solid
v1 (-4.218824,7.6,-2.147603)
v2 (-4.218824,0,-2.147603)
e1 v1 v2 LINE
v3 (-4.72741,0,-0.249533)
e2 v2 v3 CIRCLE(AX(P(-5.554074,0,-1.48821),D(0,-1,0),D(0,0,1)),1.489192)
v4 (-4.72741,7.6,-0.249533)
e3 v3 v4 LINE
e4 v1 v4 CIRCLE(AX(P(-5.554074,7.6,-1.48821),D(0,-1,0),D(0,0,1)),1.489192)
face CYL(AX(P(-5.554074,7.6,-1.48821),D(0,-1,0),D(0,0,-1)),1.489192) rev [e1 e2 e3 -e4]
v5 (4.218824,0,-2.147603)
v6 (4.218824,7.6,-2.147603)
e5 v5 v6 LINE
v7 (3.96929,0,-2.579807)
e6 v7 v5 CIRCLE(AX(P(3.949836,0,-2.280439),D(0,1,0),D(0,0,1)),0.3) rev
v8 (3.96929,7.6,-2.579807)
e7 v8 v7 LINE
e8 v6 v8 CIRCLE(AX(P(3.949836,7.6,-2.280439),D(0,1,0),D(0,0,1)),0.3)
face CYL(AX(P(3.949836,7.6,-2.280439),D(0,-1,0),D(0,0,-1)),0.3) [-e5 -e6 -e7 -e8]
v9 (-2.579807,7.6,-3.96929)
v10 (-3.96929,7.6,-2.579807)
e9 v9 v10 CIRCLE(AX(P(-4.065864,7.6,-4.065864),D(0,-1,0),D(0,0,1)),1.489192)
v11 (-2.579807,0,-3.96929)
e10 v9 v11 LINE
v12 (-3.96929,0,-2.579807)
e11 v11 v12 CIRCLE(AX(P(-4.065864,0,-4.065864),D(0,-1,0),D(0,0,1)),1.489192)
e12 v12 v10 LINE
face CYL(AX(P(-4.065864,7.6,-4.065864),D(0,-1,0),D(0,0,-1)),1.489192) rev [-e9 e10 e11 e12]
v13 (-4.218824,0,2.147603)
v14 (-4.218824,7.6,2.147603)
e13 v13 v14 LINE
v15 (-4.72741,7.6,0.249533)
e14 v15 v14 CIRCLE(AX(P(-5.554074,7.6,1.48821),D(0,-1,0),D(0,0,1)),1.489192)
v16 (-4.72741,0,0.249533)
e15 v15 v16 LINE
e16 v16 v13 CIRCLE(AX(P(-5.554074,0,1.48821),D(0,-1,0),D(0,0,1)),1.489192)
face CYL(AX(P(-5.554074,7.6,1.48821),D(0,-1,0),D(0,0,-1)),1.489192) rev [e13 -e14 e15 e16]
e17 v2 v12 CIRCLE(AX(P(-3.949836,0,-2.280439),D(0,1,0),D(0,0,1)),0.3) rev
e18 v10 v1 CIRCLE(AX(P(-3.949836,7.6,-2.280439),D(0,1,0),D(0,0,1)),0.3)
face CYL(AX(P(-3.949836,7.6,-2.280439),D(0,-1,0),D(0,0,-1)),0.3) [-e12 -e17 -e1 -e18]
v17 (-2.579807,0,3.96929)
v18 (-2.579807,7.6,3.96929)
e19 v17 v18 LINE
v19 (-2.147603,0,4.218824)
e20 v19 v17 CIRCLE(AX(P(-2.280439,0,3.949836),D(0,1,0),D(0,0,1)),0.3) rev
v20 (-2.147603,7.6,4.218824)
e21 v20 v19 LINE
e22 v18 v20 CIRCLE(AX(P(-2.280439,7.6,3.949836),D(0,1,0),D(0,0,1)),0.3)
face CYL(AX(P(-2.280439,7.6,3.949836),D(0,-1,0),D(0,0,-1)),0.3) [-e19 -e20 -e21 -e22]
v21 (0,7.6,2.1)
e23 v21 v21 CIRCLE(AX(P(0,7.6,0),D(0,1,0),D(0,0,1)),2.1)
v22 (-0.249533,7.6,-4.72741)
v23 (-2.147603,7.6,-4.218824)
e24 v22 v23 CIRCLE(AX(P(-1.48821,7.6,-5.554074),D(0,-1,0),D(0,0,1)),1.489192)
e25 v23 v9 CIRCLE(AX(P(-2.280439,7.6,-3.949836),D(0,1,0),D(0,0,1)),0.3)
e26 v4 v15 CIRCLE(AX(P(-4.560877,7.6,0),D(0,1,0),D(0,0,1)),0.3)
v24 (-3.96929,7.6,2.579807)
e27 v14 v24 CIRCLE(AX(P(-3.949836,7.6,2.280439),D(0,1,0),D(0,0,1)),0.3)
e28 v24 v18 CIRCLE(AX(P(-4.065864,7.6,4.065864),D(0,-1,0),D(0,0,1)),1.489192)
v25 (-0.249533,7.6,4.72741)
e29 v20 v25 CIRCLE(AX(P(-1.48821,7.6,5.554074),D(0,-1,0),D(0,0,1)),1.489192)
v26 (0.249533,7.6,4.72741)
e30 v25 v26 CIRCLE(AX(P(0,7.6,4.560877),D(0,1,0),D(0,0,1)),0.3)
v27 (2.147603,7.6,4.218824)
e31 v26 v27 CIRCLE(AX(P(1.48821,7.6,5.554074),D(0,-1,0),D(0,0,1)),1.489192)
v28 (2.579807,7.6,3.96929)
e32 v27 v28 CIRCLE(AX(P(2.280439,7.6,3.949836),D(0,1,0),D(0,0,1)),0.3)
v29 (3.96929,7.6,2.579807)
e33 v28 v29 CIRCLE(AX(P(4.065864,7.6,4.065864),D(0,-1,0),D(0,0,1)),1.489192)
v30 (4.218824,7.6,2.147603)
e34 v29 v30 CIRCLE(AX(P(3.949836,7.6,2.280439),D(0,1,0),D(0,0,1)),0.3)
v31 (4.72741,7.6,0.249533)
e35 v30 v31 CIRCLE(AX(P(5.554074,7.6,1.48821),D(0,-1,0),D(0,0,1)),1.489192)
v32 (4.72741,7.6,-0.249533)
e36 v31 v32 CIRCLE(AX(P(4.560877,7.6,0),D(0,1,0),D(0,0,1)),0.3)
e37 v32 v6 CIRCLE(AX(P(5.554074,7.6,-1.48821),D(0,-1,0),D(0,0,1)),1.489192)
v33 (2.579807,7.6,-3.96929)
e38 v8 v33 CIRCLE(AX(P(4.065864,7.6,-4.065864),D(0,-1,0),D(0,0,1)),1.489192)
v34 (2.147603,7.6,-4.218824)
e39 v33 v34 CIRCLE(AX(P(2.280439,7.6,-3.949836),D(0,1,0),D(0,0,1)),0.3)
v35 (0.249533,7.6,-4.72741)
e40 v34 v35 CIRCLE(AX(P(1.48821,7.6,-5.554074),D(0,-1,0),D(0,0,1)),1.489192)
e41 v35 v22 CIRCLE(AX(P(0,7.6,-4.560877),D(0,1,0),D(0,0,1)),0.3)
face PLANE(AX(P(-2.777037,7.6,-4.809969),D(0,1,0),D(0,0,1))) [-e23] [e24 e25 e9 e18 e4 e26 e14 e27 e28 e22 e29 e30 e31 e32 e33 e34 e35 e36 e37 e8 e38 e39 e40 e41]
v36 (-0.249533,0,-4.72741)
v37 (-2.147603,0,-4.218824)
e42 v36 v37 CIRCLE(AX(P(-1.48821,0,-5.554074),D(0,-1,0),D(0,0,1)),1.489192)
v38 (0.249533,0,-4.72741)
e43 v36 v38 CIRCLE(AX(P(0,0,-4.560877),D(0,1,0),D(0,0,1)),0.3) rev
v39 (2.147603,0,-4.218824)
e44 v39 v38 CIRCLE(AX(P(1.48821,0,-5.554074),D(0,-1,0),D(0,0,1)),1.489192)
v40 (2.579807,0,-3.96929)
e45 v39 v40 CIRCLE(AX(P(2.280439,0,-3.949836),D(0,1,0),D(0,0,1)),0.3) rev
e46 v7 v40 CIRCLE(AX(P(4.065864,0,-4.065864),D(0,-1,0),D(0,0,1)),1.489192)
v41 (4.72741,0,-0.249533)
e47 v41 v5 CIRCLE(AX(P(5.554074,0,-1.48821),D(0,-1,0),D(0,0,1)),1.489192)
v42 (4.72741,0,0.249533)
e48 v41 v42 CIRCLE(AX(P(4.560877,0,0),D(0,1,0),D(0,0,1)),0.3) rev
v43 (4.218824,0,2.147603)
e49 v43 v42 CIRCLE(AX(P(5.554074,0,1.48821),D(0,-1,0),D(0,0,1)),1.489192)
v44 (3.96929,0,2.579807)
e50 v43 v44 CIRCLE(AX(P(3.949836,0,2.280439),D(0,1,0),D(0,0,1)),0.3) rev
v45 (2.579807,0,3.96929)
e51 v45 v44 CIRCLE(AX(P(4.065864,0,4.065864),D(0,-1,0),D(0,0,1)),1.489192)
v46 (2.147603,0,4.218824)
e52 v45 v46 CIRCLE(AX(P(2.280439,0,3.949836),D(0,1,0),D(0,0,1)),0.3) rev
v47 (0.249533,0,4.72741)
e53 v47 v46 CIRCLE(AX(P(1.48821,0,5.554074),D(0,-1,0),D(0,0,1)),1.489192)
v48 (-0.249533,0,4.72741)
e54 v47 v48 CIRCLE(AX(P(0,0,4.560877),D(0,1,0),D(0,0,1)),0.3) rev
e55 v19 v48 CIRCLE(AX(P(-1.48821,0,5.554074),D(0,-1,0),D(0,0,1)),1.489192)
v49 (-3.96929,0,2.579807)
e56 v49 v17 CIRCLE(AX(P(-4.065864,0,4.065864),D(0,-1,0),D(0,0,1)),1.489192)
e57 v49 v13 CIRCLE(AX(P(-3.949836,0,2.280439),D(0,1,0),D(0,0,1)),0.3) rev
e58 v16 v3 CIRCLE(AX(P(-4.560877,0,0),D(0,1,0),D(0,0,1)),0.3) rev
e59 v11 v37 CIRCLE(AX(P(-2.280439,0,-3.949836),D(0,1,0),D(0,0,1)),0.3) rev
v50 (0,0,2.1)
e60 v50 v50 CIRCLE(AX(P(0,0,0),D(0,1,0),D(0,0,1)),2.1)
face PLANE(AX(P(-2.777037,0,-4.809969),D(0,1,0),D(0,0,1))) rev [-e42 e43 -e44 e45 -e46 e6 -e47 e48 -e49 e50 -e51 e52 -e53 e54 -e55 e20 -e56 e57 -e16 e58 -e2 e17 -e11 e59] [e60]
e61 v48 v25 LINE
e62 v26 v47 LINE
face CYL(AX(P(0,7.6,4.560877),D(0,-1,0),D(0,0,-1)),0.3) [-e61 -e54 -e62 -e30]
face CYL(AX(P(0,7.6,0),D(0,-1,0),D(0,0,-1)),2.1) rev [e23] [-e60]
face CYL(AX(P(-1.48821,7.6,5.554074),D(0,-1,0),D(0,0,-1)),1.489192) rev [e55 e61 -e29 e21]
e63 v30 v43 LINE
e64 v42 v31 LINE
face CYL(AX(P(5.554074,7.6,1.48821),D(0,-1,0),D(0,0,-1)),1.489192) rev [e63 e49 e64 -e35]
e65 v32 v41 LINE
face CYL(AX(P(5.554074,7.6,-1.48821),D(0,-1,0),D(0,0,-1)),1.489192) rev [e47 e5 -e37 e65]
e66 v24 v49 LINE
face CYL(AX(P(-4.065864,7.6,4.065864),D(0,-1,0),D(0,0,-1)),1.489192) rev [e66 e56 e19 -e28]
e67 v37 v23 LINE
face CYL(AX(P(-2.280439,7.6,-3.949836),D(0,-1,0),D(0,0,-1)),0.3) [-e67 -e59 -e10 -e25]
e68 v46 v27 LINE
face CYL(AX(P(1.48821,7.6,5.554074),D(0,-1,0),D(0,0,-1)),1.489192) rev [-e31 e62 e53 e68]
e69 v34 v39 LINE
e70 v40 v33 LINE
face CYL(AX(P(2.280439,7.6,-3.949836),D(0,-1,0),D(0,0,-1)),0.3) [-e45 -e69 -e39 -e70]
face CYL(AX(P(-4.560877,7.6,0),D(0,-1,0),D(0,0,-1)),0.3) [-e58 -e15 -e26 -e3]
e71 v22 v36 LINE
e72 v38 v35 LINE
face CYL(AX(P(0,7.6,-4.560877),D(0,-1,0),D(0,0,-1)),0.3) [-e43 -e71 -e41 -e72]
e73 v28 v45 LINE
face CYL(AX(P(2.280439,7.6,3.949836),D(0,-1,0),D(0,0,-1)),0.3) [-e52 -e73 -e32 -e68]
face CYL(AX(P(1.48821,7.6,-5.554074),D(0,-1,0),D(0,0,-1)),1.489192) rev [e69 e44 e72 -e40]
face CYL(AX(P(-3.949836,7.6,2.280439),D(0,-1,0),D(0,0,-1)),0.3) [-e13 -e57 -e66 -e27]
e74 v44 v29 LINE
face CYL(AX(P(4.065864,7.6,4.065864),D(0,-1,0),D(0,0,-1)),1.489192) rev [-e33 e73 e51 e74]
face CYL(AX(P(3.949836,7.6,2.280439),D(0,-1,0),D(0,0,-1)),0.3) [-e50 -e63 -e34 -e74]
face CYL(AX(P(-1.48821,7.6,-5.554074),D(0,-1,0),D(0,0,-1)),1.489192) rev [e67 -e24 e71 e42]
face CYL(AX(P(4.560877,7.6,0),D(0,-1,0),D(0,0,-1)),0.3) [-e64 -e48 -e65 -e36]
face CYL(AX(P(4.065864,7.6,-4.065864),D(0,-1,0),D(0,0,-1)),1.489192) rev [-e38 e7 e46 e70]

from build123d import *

# Parameters (mm, degrees)
SKETCH_1_R      = 2.1
EXTRUDE_1_DEPTH = 7.6
FILLET_1_R      = 0.3


with BuildPart() as part:
    # 草图1 → 凸台-拉伸1 (new body)
    with BuildSketch(Plane(origin=(0, 0, 0), x_dir=(1, 0, 0), z_dir=(0, 1, 0))):
        with BuildLine():
            ThreePointArc((-2.75, 4.763139721), (-1.102778373, 4.115624918), (0, 5.5))
            ThreePointArc((0, 5.5), (1.102778373, 4.115624918), (2.75, 4.763139721))
            ThreePointArc((2.75, 4.763139721), (3.012846545, 3.012846545), (4.763139721, 2.75))
            ThreePointArc((4.763139721, 2.75), (4.115624918, 1.102778373), (5.5, 0))
            ThreePointArc((5.5, 0), (4.115624918, -1.102778373), (4.763139721, -2.75))
            ThreePointArc((4.763139721, -2.75), (3.012846545, -3.012846545), (2.75, -4.763139721))
            ThreePointArc((2.75, -4.763139721), (1.102778373, -4.115624918), (0, -5.5))
            ThreePointArc((0, -5.5), (-1.102778373, -4.115624918), (-2.75, -4.763139721))
            ThreePointArc((-2.75, -4.763139721), (-3.012846545, -3.012846545), (-4.763139721, -2.75))
            ThreePointArc((-4.763139721, -2.75), (-4.115624918, -1.102778373), (-5.5, 0))
            ThreePointArc((-5.5, 0), (-4.115624918, 1.102778373), (-4.763139721, 2.75))
            ThreePointArc((-4.763139721, 2.75), (-3.012846545, 3.012846545), (-2.75, 4.763139721))
        make_face()
        Circle(SKETCH_1_R, mode=Mode.SUBTRACT)
    extrude(amount=EXTRUDE_1_DEPTH)

    # 圆角1
    fillet_1_edges = [part.edges().sort_by_distance(p)[0] for p in [
        (-2.75, 3.8, -4.763139721),
        (0, 3.8, -5.5),
        (2.75, 3.8, -4.763139721),
        (4.763139721, 3.8, -2.75),
        (5.5, 3.8, 0),
        (4.763139721, 3.8, 2.75),
        (2.75, 3.8, 4.763139721),
        (0, 3.8, 5.5),
        (-2.75, 3.8, 4.763139721),
        (-4.763139721, 3.8, 2.75),
        (-5.5, 3.8, 0),
        (-4.763139721, 3.8, -2.75),
    ]]
    fillet(fillet_1_edges, radius=FILLET_1_R)


solid = part.part
